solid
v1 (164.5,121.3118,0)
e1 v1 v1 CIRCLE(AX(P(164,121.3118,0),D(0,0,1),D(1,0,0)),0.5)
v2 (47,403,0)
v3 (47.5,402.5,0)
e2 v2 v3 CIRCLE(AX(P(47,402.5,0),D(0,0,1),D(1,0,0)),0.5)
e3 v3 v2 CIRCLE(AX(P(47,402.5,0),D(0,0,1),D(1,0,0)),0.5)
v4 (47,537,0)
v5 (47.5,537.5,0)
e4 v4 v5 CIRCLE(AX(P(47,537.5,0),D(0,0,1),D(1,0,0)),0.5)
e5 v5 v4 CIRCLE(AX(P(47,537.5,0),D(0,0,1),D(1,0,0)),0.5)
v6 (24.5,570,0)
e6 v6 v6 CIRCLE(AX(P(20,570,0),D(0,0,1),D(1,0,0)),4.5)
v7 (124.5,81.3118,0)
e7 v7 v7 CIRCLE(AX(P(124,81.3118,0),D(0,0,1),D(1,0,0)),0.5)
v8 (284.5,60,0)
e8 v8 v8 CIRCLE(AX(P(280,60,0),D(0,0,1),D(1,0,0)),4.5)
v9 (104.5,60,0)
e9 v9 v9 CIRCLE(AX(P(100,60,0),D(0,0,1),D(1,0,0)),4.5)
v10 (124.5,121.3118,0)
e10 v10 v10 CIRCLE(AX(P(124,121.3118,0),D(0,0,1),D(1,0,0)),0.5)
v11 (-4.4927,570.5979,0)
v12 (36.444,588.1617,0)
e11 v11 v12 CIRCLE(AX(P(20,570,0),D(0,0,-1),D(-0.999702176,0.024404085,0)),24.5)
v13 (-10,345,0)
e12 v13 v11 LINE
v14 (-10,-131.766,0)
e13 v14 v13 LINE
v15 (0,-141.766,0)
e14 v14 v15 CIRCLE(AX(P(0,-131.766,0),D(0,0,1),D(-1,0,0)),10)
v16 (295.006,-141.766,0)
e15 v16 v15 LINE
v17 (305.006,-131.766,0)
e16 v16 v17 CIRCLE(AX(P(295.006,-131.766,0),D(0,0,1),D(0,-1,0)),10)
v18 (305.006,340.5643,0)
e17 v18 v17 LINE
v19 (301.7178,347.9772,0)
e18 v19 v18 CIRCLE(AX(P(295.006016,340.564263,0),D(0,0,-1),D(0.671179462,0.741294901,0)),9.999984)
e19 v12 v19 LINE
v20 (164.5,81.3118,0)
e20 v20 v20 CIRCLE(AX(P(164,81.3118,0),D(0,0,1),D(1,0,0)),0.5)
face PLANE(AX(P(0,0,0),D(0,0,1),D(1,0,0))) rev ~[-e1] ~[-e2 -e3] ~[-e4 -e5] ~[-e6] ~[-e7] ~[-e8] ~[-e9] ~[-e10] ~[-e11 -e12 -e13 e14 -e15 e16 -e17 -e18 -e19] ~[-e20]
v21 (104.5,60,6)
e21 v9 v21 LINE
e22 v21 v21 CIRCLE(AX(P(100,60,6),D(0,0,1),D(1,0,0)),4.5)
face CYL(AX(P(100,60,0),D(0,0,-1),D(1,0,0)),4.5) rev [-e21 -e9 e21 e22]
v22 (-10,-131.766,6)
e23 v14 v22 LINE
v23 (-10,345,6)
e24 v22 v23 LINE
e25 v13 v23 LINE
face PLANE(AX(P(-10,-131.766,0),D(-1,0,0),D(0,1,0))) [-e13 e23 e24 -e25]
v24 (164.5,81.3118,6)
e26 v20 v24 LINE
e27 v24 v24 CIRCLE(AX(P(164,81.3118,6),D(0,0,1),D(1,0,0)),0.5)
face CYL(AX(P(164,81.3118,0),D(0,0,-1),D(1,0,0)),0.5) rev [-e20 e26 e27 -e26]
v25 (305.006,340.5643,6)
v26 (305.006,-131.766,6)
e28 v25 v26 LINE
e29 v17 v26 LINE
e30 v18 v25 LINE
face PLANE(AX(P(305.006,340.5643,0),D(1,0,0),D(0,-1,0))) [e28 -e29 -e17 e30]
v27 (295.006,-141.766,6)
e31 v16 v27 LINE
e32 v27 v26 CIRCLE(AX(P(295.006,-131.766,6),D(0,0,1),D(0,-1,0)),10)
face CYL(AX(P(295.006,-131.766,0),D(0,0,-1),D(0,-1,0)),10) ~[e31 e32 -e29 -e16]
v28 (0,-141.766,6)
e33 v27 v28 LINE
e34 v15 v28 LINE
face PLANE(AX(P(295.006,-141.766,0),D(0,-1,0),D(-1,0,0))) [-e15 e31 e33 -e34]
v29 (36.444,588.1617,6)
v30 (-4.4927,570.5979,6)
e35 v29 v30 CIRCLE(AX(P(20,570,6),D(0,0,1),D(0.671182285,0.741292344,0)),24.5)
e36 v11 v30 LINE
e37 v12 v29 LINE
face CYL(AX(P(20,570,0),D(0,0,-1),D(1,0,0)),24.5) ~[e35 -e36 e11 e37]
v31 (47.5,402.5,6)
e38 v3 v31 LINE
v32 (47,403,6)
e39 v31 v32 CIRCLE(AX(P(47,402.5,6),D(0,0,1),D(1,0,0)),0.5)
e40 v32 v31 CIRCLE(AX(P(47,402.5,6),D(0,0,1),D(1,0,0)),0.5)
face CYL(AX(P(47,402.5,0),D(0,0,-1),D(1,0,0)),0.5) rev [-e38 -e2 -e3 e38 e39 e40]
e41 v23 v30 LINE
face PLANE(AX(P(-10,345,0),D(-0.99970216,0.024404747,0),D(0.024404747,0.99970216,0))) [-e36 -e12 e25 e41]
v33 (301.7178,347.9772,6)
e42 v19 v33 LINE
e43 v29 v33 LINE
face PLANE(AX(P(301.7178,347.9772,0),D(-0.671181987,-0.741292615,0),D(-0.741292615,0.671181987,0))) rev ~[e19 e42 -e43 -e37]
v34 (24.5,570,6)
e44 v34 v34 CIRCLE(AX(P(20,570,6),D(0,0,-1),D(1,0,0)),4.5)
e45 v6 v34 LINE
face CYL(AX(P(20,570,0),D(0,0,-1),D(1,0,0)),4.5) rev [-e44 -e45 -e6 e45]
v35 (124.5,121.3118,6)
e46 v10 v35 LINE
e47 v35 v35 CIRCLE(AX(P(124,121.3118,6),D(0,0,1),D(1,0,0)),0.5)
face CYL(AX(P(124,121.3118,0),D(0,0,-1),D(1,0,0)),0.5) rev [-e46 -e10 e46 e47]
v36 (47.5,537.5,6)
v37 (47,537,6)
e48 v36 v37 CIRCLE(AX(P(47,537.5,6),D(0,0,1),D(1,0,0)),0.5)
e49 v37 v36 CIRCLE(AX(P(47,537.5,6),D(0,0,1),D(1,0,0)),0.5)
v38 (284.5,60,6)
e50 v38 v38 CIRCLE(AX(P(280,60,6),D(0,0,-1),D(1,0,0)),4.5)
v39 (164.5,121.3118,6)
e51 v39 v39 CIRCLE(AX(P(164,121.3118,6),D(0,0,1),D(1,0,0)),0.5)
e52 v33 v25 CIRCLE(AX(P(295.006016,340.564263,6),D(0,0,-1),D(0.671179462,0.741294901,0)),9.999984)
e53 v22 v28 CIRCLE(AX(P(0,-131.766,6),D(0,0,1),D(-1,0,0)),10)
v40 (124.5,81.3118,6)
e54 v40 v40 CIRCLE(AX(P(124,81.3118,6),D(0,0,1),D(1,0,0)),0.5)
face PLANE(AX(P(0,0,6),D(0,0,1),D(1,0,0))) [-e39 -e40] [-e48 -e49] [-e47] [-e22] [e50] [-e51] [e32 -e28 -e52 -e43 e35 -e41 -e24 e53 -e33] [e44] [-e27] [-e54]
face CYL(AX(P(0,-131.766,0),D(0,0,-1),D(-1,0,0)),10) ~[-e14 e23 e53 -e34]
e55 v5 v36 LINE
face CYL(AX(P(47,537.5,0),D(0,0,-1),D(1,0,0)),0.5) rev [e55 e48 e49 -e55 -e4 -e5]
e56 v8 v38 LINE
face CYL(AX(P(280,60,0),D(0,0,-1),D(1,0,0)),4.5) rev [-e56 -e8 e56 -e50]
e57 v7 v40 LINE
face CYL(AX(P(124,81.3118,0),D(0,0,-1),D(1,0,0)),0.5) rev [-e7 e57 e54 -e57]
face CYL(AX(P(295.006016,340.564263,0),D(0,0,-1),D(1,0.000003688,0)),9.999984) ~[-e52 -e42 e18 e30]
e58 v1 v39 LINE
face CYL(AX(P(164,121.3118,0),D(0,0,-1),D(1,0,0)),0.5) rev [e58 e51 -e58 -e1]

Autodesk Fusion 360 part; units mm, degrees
sketch "Sketch1" plane through (0, 0, 0) normal (0, 0, 1) x (1, 0, 0)
  line L0 (0, 0) -> (300, 0)
  line L1 (300, 0) -> (300, 335)
  line L2 (300, 335) -> (0, 335)
  line L3 (0, 335) -> (0, 0)
  line L4 (0, 0) -> (100, 0)
  line L5 (100, 0) -> (100, 60)
  line L6 (100, 60) -> (0, 60)
  line L7 (0, 60) -> (0, 0)
  line L8 (300, 0) -> (280, 0)
  line L9 (280, 0) -> (280, 60)
  line L10 (280, 60) -> (300, 60)
  line L11 (300, 60) -> (300, 0)
  line L12 (0, 335) -> (300, 335)
  line L13 (300, 335) -> (300, 670)
  line L14 (300, 670) -> (0, 670)
  line L15 (0, 670) -> (0, 335)
  line L16 (0, 670) -> (20, 670)
  line L17 (20, 670) -> (20, 570)
  line L18 (20, 570) -> (0, 570)
  line L19 (0, 570) -> (0, 670)
  circle A0 centre (20, 570) radius 4.5
  circle A1 centre (280, 60) radius 4.5
  circle A2 centre (100, 60) radius 4.5
  line L20 (20, 570) -> (20, 530)
  line L21 (20, 530) -> (74, 530)
  line L22 (74, 530) -> (74, 410)
  line L23 (74, 410) -> (20, 410)
  line L24 (20, 410) -> (20, 530)
  line L25 (0, 335) -> (124, 335)
  line L26 (124, 335) -> (124, 121.3118)
  line L27 (124, 121.3118) -> (0, 121.3118)
  line L28 (0, 121.3118) -> (0, 335)
  circle A3 centre (124, 121.3118) radius 0.5
  line L29 (124, 121.3118) -> (164, 121.3118)
  line L30 (164, 121.3118) -> (164, 81.3118)
  line L31 (164, 81.3118) -> (124, 81.3118)
  line L32 (124, 81.3118) -> (124, 121.3118)
  circle A4 centre (164, 121.3118) radius 0.5
  circle A5 centre (164, 81.3118) radius 0.5
  circle A6 centre (124, 81.3118) radius 0.5
  line L33 (47, 530) -> (47, 537.5)
  circle A7 centre (47, 537.5) radius 0.5
  line L34 (47, 410) -> (47, 402.5)
  circle A8 centre (47, 402.5) radius 0.5
  line L35 (0, 335) -> (295.006, 335)
  line L36 (295.006, 335) -> (295.006, -131.766)
  line L37 (295.006, -131.766) -> (0, -131.766)
  line L38 (0, -131.766) -> (0, 335)
  line L39 (-10, 345) -> (305.006, 345)
  line L40 (305.006, 340.5643) -> (305.006, -131.766)
  line L41 (295.006, -141.766) -> (0, -141.766)
  line L42 (-10, -131.766) -> (-10, 345)
  circle A9 centre (20, 570) radius 24.5
  circle A10 centre (100, 60) radius 24.5
  circle A11 centre (280, 60) radius 24.5
  line L43 (301.7178, 347.9772) -> (36.444, 588.1617)
  line L44 (-10, 345) -> (-4.4927, 570.5979)
  arc A12 (-10, -131.766) -> (0, -141.766) centre (0, -131.766) ccw
  arc A13 (295.006, -141.766) -> (305.006, -131.766) centre (295.006, -131.766) ccw
  arc A14 (305.006, 340.5643) -> (301.7178, 347.9772) centre (295.006, 340.5643) ccw
  dimension "d1" = 300
  dimension "d2" = 335
  dimension "d3" = 100
  dimension "d4" = 60
  dimension "d5" = 20
  dimension "d6" = 60
  dimension "d7" = 300
  dimension "d8" = 335
  dimension "d9" = 20
  dimension "d10" = 100
  dimension "d11" = 9
  dimension "d12" = 9
  dimension "d13" = 9
  dimension "d14" = 40
  dimension "d15" = 54
  dimension "d16" = 120
  dimension "d17" = 124
  dimension "d18" = 213.6882
  dimension "d19" = 1
  dimension "d20" = 40
  dimension "d21" = 40
  dimension "d22" = 1
  dimension "d23" = 1
  dimension "d24" = 1
  dimension "d25" = 7.5
  dimension "d26" = 1
  dimension "d27" = 7.5
  dimension "d28" = 1
  dimension "d29" = 295.006
  dimension "d30" = 466.766
  dimension "d32" = 20
  dimension "d33" = 20
  dimension "d34" = 20
  dimension "d35" = 10
  dimension "d36" = 10
extrude "Extrude1" add sketch "Sketch1" along normal blind 6 contours L0 L3 L4 L5 L6 L7 L38 A10 | L0 L1 L3 L7 L8 L11 L13 L15 L28 L36 L37 L38 L39 L40 L41 L42 A11 A12 A13 A14 | L0 L4 L8 L36 L37 L38 | L0 L2 L3 L5 L6 L9 L12 L26 L27 A3 L29 L30 L31 L32 A4 A5 A6 L35 L36 L38 A10 A11 | L0 L8 L9 L36 A11 | L5 L6 A2 A10 | L5 L6 A2 A10 | L2 L3 L12 L25 L26 L27 L28 A3 L35 L38 | L0 L1 L8 L11 L36 A11 | L9 L10 A1 L36 A11 | L9 L10 A1 L36 A11 | L2 L12 L13 L15 L25 L35 L39 | L1 L10 L11 L36 A11 | L1 L10 L36 A11 | L1 L2 L12 L36 A11 | L15 L39 A9 L44 | L21 L22 L23 L24 | L13 L15 L39 A9 L43 | A3 L29 L30 L31 L32 A4 A5 A6 | L1 L11 A11 | L15 L19 A9 | L15 L18 A0 L20 A9 | L13 L39 L43 A14 | L15 L17 L18 L19 A0 A9 | L17 A0 L20 A9
sketch "FaceSketch" plane through (0, 0, 6) normal (0, 0, 1) x (-1, 0, 0)
  circle A0 centre (-124, -81.3118) radius 0.5
  circle A1 centre (-164, -121.3118) radius 0.5
  circle A2 centre (-280, -60) radius 4.5
  circle A3 centre (-20, -570) radius 4.5
  circle A4 centre (-47, -402.5) radius 0.5
  circle A5 centre (-124, -121.3118) radius 0.5
  circle A6 centre (-47, -537.5) radius 0.5
  circle A7 centre (-100, -60) radius 4.5
  circle A8 centre (-164, -81.3118) radius 0.5
  arc A9 (-295.006, 141.766) -> (-305.006, 131.766) centre (-295.006, 131.766) ccw
  line L0 (-305.006, 131.766) -> (-305.006, -340.5643)
  arc A10 (-305.006, -340.5643) -> (-301.7178, -347.9772) centre (-295.006, -340.5643) ccw
  line L1 (-301.7178, -347.9772) -> (-36.444, -588.1617)
  arc A11 (-36.444, -588.1617) -> (4.4927, -570.5979) centre (-20, -570) ccw
  line L2 (4.4927, -570.5979) -> (10, -345)
  line L3 (10, -345) -> (10, 131.766)
  arc A12 (10, 131.766) -> (0, 141.766) centre (0, 131.766) ccw
  line L4 (0, 141.766) -> (-295.006, 141.766)
equation "d19 = d26"
equation "d22 = d19"
equation "d23 = d19"
equation "d24 = d19"
equation "d28 = d26"
